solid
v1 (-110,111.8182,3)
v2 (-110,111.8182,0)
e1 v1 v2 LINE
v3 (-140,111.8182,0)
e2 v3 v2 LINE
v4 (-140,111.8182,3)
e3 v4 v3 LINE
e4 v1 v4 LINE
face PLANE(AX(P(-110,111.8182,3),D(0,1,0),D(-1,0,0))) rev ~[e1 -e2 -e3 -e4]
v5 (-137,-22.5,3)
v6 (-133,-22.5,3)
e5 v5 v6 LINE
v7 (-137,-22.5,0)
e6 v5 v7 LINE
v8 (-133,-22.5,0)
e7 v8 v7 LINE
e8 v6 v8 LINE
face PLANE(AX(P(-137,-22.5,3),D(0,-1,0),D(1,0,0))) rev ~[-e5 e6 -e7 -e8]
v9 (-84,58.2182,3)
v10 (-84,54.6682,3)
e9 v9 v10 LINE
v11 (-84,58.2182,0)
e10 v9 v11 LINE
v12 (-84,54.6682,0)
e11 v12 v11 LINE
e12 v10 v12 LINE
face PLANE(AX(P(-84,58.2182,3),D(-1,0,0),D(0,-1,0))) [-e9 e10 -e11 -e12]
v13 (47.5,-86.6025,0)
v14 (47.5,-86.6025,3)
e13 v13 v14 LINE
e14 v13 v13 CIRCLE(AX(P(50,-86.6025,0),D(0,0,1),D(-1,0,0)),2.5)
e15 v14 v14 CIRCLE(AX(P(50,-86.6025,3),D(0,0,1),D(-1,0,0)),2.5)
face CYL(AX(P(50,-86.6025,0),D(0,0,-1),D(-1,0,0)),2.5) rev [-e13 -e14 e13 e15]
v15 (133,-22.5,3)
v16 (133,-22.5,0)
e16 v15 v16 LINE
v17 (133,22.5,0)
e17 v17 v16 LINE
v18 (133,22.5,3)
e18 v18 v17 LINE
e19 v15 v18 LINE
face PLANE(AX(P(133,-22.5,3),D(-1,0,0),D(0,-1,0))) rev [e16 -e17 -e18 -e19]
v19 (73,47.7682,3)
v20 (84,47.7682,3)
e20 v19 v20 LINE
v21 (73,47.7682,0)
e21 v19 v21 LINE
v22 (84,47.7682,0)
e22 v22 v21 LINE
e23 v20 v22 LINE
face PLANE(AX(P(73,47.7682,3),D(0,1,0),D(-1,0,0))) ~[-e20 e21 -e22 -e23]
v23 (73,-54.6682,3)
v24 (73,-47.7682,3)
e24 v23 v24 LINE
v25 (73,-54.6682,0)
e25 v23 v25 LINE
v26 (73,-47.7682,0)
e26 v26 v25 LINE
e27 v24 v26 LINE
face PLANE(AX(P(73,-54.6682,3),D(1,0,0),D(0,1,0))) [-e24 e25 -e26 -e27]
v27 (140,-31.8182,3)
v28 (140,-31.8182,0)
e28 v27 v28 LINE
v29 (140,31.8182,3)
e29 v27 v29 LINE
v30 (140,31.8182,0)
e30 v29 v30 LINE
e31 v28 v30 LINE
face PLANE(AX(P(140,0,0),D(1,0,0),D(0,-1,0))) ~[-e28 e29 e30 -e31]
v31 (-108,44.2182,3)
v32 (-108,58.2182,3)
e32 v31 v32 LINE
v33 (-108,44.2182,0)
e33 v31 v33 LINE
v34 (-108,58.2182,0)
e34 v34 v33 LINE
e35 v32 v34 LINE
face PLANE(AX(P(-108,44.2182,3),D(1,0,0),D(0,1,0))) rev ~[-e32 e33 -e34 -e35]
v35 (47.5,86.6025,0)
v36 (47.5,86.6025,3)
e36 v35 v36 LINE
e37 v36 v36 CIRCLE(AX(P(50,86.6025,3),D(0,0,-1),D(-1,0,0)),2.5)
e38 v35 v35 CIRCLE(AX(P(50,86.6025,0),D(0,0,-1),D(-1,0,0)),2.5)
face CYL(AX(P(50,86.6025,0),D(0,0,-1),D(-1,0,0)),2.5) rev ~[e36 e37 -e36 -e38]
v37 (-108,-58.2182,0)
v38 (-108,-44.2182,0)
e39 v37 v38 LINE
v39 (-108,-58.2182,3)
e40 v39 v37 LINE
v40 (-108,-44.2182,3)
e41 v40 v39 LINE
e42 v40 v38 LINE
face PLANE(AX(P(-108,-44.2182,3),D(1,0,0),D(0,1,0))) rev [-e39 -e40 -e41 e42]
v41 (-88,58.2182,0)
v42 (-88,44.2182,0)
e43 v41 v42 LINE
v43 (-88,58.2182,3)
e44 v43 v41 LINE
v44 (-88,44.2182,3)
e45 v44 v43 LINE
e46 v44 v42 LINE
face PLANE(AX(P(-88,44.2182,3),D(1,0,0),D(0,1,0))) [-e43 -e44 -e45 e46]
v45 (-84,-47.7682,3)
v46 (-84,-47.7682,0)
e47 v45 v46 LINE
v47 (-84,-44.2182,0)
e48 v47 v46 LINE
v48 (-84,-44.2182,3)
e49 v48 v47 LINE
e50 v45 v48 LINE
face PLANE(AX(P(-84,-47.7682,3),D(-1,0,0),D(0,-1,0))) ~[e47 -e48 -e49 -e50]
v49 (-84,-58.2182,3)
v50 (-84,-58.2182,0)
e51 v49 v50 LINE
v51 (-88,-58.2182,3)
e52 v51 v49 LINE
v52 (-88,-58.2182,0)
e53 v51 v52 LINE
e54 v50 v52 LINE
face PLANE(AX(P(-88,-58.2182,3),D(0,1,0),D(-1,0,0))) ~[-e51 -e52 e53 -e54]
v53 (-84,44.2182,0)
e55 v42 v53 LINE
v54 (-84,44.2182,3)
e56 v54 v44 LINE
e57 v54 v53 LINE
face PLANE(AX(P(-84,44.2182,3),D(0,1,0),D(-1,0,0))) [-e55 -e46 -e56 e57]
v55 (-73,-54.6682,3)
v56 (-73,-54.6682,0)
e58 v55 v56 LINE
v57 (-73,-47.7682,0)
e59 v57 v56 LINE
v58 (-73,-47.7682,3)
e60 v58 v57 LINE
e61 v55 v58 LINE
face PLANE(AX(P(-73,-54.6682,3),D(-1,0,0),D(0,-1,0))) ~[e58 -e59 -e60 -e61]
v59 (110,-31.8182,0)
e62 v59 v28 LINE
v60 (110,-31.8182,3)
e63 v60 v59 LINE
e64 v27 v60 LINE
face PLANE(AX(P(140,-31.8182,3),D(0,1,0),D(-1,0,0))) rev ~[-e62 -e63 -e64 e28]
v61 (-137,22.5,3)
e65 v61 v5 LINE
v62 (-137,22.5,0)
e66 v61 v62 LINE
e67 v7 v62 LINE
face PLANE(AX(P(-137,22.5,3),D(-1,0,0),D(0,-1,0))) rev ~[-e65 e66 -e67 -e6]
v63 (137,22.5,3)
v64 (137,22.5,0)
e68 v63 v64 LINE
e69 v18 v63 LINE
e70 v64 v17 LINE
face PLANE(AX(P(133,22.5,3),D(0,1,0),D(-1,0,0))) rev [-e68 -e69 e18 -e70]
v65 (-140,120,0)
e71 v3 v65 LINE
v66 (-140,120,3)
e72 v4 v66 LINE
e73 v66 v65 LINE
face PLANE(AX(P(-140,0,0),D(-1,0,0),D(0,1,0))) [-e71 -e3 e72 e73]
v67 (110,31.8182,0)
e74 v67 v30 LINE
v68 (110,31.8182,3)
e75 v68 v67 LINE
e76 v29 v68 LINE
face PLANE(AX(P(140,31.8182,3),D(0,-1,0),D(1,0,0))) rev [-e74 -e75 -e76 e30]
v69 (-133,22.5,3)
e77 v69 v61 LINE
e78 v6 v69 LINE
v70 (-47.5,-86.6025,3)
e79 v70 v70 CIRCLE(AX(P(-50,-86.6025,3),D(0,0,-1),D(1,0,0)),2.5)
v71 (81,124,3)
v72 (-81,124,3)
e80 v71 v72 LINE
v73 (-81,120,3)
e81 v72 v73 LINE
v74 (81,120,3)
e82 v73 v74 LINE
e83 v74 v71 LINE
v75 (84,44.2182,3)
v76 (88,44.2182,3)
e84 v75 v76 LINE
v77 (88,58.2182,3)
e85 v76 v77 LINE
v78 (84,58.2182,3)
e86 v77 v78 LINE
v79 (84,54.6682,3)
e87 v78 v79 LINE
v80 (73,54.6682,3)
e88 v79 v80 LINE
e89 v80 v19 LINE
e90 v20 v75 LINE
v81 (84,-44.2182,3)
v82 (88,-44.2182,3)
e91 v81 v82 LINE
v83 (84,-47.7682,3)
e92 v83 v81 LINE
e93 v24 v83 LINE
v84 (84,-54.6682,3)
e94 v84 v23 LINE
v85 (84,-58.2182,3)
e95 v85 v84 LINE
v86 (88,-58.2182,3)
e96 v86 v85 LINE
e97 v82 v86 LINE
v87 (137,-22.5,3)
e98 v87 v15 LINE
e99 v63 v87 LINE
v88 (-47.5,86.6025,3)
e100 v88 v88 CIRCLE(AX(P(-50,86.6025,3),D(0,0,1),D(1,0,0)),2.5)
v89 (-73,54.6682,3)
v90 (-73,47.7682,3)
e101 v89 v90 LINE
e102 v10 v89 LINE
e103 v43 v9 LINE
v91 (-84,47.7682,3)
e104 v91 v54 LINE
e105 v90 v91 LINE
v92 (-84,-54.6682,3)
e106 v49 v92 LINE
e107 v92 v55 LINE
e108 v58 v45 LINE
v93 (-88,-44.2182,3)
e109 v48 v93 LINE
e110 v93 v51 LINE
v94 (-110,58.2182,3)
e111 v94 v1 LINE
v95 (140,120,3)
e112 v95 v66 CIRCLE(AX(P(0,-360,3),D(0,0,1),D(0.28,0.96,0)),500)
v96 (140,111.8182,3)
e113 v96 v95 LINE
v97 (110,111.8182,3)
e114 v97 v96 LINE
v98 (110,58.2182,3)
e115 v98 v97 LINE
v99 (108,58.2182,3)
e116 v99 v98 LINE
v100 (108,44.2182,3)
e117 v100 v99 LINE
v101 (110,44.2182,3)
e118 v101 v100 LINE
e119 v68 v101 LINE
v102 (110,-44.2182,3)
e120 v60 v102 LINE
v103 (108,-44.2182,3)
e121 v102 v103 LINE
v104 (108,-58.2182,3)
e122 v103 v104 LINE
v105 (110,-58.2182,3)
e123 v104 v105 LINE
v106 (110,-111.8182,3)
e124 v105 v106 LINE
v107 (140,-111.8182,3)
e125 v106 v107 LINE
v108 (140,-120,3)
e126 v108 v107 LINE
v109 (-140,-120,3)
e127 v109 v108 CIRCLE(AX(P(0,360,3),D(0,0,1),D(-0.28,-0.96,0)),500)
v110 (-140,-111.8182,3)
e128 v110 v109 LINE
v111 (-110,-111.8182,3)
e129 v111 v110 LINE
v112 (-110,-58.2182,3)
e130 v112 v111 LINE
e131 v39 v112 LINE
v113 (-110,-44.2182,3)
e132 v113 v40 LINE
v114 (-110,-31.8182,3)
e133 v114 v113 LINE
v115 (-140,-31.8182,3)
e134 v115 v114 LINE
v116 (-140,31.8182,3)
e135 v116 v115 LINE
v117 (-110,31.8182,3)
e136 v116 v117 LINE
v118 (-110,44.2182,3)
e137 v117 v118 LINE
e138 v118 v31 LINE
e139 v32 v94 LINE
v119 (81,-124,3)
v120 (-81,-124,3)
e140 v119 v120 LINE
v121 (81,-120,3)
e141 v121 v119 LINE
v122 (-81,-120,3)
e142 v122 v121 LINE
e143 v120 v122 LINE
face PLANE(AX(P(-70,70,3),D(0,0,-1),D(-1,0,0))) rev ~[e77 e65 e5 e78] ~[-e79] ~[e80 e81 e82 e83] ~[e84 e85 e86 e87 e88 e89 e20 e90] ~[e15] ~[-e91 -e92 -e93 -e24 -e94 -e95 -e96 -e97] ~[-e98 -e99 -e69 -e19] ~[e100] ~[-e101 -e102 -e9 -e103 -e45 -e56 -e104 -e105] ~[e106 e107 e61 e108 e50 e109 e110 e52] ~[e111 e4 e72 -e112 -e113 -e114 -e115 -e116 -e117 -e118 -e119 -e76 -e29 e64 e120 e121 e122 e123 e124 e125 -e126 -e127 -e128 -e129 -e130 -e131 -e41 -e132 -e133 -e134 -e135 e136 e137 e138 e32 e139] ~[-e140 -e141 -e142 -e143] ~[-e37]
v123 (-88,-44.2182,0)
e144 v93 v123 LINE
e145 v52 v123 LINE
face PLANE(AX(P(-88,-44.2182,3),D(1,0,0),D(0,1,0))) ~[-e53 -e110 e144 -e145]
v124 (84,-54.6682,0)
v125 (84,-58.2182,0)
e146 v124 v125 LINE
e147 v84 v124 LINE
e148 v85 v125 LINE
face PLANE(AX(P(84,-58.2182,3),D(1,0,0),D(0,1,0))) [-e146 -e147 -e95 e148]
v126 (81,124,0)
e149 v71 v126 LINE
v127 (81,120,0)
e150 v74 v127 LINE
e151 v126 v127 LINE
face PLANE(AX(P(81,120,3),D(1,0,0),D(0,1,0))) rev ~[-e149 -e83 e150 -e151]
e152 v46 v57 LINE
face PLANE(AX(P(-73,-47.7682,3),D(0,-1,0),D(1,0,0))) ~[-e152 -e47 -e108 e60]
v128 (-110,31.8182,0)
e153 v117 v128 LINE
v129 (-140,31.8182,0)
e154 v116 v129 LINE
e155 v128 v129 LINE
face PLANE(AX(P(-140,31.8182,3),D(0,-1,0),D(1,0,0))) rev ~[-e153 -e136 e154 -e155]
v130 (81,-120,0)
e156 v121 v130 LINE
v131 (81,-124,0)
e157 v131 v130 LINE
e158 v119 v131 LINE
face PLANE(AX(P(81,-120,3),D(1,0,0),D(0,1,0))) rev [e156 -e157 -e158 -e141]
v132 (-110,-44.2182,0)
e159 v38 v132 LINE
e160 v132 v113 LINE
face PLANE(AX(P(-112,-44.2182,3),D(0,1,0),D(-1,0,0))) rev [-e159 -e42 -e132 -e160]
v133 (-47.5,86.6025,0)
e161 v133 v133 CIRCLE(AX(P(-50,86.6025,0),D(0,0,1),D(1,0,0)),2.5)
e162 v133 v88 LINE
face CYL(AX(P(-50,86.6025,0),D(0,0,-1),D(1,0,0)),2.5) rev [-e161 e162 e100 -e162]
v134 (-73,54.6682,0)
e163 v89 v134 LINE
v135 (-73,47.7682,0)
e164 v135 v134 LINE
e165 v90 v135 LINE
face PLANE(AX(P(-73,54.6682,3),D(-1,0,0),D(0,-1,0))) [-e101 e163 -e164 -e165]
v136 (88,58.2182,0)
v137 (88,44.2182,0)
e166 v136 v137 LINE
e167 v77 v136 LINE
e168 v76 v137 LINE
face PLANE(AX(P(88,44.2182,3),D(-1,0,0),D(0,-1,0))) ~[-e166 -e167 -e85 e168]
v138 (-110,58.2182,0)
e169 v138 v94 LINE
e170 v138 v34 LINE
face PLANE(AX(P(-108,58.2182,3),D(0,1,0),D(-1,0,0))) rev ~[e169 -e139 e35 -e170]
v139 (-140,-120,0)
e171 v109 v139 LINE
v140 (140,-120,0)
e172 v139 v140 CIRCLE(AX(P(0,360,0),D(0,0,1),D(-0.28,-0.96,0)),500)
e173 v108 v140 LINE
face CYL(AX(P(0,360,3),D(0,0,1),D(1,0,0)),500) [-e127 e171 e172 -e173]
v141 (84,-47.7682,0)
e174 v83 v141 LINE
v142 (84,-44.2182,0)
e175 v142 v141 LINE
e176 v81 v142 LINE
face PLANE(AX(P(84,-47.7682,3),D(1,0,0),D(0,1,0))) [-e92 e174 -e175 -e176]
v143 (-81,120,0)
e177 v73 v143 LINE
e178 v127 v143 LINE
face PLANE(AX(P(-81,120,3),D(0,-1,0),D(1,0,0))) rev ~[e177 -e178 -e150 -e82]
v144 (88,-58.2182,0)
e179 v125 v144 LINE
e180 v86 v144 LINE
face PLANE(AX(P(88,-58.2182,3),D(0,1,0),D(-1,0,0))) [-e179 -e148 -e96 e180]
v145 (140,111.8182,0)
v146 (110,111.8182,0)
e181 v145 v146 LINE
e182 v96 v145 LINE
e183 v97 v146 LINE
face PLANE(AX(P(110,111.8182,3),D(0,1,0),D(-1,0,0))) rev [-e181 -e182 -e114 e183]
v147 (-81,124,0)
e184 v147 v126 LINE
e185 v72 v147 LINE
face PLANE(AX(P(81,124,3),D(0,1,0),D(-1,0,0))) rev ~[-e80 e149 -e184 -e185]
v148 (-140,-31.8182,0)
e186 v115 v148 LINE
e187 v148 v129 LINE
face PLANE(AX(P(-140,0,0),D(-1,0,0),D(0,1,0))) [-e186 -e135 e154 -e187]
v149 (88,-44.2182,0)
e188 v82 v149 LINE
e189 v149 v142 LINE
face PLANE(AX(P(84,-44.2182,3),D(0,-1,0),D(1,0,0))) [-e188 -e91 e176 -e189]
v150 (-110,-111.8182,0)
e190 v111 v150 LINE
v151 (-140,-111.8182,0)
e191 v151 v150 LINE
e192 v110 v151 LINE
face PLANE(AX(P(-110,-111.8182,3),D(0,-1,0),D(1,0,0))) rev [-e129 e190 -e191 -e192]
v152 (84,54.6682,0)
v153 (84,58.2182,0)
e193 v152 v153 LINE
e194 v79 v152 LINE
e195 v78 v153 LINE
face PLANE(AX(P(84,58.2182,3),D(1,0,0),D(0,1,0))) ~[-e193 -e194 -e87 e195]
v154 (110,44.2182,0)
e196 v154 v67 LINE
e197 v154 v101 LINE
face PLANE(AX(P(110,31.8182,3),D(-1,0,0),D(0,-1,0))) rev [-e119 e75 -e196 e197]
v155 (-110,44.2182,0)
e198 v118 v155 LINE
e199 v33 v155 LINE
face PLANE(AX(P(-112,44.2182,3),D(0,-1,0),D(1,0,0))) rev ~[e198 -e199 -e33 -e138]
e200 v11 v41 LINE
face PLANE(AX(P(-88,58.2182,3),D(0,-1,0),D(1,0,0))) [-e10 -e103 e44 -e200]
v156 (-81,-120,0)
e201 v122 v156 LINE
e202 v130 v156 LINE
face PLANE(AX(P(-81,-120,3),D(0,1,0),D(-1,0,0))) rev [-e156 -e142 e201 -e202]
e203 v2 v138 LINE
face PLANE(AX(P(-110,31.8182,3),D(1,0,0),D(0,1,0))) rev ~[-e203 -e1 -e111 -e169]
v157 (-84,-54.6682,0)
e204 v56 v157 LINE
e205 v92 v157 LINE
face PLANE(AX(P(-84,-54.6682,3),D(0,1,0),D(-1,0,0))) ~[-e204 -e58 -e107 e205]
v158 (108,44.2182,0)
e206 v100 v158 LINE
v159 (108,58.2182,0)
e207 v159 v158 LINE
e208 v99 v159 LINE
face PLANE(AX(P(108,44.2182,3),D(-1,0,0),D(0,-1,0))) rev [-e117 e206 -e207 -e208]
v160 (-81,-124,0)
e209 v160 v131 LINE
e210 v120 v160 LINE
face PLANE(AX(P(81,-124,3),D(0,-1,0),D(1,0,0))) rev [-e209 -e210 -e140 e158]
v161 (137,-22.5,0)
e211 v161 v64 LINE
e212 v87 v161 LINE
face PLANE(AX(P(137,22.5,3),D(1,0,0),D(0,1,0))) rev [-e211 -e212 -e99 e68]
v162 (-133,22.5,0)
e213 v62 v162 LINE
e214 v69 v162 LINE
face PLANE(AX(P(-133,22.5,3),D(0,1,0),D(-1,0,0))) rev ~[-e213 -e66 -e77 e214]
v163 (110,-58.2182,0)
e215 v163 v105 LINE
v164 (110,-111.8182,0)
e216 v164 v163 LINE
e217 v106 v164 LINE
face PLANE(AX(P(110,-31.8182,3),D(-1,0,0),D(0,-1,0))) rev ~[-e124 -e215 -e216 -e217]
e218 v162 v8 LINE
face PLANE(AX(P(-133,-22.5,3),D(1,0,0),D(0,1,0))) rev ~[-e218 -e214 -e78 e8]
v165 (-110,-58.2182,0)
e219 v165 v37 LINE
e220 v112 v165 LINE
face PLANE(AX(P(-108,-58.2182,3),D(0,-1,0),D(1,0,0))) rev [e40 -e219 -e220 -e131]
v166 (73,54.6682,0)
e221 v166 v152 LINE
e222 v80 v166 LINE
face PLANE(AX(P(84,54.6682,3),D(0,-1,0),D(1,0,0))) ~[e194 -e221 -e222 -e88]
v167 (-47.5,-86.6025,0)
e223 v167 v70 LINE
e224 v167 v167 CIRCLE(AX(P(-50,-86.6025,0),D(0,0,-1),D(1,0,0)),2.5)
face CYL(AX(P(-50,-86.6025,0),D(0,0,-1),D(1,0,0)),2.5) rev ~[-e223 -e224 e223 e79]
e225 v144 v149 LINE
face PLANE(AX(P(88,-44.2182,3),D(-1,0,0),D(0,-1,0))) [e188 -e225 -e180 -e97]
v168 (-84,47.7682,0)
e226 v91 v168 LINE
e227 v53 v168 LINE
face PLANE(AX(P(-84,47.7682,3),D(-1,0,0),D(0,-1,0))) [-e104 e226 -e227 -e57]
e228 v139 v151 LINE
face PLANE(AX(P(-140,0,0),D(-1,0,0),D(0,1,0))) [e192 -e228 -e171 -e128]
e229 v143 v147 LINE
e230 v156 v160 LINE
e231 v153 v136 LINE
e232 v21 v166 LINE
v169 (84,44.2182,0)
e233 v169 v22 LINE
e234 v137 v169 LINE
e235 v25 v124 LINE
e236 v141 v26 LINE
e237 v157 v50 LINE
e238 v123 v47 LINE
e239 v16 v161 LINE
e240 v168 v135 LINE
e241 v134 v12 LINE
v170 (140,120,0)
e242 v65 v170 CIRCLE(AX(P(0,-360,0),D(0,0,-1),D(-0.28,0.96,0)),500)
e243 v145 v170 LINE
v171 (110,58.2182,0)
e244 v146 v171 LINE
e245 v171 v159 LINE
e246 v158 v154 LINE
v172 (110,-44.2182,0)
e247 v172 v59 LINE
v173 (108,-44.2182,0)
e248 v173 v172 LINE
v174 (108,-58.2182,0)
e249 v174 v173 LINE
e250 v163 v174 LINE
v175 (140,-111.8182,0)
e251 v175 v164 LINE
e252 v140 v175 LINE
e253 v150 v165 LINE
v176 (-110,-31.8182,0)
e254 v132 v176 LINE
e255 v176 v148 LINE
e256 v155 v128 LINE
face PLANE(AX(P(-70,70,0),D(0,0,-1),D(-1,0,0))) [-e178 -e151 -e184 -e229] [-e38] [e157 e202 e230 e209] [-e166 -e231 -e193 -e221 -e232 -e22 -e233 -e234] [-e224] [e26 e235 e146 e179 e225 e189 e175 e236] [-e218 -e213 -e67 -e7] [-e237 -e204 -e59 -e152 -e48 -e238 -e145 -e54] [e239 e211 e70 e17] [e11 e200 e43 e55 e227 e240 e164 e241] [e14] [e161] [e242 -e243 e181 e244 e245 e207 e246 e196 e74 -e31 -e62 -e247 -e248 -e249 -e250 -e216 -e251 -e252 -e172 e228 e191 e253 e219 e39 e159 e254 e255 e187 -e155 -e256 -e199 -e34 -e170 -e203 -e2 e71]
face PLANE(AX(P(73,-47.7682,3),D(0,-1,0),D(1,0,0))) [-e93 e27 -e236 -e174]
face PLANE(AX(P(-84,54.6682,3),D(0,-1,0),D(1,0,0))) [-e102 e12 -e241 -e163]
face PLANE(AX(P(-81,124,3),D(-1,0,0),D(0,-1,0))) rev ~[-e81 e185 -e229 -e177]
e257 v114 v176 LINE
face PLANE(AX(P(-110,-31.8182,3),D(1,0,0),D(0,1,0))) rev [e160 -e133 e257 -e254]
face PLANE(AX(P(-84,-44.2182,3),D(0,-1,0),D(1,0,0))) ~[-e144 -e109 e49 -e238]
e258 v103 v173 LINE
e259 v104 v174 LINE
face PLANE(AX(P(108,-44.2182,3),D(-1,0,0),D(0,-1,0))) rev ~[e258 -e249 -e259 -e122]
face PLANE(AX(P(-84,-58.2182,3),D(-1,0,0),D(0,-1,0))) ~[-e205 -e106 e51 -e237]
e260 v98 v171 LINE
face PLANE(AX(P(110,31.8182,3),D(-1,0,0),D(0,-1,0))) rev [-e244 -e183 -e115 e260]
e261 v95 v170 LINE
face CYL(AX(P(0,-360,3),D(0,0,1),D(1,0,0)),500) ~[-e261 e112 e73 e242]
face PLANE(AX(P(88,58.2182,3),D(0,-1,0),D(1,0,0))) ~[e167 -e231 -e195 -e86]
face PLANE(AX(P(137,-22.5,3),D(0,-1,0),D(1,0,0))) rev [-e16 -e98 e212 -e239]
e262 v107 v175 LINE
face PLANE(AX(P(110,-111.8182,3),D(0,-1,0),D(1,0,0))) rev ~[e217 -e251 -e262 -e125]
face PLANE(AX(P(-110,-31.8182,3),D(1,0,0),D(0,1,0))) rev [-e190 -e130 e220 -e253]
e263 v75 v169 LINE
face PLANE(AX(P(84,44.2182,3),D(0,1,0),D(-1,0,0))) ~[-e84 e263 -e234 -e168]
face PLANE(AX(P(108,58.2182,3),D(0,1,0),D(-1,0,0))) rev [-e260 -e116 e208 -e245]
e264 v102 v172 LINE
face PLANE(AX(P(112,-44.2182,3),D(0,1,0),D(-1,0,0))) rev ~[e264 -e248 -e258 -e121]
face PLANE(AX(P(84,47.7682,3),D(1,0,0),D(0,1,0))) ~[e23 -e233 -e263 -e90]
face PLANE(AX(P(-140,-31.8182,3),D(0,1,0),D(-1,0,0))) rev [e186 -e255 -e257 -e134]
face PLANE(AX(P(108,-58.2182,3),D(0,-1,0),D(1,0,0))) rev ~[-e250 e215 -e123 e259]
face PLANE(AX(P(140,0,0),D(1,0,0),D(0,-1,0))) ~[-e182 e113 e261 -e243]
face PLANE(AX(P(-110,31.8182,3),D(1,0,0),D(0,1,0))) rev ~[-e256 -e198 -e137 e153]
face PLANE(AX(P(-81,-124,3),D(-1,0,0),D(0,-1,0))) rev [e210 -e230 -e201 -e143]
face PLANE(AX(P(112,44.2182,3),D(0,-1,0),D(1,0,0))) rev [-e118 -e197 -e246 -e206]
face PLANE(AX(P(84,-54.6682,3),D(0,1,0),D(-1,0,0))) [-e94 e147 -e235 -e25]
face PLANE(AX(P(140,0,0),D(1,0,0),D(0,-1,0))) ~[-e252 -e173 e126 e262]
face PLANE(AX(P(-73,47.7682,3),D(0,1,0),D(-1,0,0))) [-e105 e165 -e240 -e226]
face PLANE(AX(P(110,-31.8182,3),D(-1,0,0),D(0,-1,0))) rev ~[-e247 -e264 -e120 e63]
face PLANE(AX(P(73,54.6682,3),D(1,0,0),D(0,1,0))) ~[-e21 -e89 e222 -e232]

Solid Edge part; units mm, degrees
sketch "Sketch1" plane through (0, 0, 0) normal (0, 0, 1) x (1, 0, 0)
  line L0 (0, 0) -> (-140, 0)
  line L1 (-140, 0) -> (-140, 140)
  line L2 (-140, 140) -> (0, 140)
  line L3 (0, 140) -> (0, 0)
  circle A0 centre (-50, 86.6025) radius 2.5
  dimension "D1" = 280
  dimension "D2" = 280
  dimension "D3" = 70
  dimension "D4" = 5
  dimension "D5" = 100
extrude "Ajout_matière_1" add sketch "Sketch1" along normal blind 3
sketch "Sketch2" plane through (-70, 70, 3) normal (0, 0, 1) x (1, 0, 0)
  line L0 (-70, -38.1818) -> (-40, -38.1818)
  line L1 (-40, -38.1818) -> (-40, 41.8182)
  line L2 (-40, 41.8182) -> (-70, 41.8182)
  line L3 (-70, 41.8182) -> (-70, -38.1818)
  dimension "D1" = 30
  dimension "D2" = 80
  dimension "D3" = 31.8182
extrude "Cutout1" cut sketch "Sketch2" against normal through all
sketch "Sketch3" plane through (-70, 70, 3) normal (0, 0, 1) x (1, 0, 0)
  line L0 (70, 70) -> (-70, 70)
  line L1 (-70, 70) -> (-70, 50)
  arc A0 (-70, 50) -> (70, 70) centre (70, -430) cw
  dimension "D1" = 20
  dimension "D2" = 500
extrude "Cutout2" cut sketch "Sketch3" against normal through all
mirror "Mirror1" about plane through (0, 0, 0) normal (1, 0, 0) of "Ajout_matière_1", "Cutout1", "Cutout2"
mirror "Mirror2" about plane through (0, 0, 0) normal (0, -1, 0) of "Ajout_matière_1", "Cutout1", "Cutout2", "Mirror1"
sketch "Sketch4" plane through (0, 0, 3) normal (0, 0, 1) x (1, 0, 0)
  line L0 (-112, 44.2182) -> (-108, 44.2182)
  line L1 (-108, 44.2182) -> (-108, 58.2182)
  line L2 (-108, 58.2182) -> (-112, 58.2182)
  line L3 (-112, 58.2182) -> (-112, 44.2182)
  line L4 (-88, 58.2182) -> (-84, 58.2182)
  line L5 (-84, 58.2182) -> (-84, 54.6682)
  line L6 (-84, 54.6682) -> (-73, 54.6682)
  line L7 (-73, 54.6682) -> (-73, 47.7682)
  line L8 (-73, 47.7682) -> (-84, 47.7682)
  line L9 (-84, 47.7682) -> (-84, 44.2182)
  line L10 (-84, 44.2182) -> (-88, 44.2182)
  line L11 (-88, 44.2182) -> (-88, 58.2182)
  dimension "D1" = 14
  dimension "D2" = 4
  dimension "D3" = 20.6
  dimension "D4" = 2
  dimension "D5" = 4
  dimension "D6" = 6.9
  dimension "D7" = 14
  dimension "D8" = 20
  dimension "D9" = 4
  dimension "D10" = 11
extrude "Cutout9" cut sketch "Sketch4" against normal through all
mirror "Mirror3" about plane through (0, 0, 0) normal (1, 0, 0) of "Cutout9"
mirror "Mirror4" about plane through (0, 0, 0) normal (0, -1, 0) of "Cutout9", "Mirror3"
sketch "Sketch5" plane through (0, 0, 3) normal (0, 0, 1) x (0, 1, 0)
  line L0 (22.5, 137) -> (-22.5, 137)
  line L1 (-22.5, 137) -> (-22.5, 133)
  line L2 (-22.5, 133) -> (22.5, 133)
  line L3 (22.5, 133) -> (22.5, 137)
  dimension "D1" = 4
  dimension "D2" = 45
  dimension "D3" = 133
extrude "Cutout13" cut sketch "Sketch5" against normal through all
mirror "Mirror5" about plane through (0, 0, 0) normal (1, 0, 0) of "Cutout13"
sketch "Sketch6" plane through (0, 0, 3) normal (0, 0, 1) x (0, 1, 0)
  line L0 (124, 81) -> (120, 81)
  line L1 (120, 81) -> (120, -81)
  line L2 (120, -81) -> (124, -81)
  line L3 (124, -81) -> (124, 81)
  dimension "D1" = 4
  dimension "D2" = 162
  dimension "D3" = 120
extrude "Cutout15" cut sketch "Sketch6" against normal through all
mirror "Mirror6" about plane through (0, 0, 0) normal (0, -1, 0) of "Cutout15"
properties material "Acier S235"
